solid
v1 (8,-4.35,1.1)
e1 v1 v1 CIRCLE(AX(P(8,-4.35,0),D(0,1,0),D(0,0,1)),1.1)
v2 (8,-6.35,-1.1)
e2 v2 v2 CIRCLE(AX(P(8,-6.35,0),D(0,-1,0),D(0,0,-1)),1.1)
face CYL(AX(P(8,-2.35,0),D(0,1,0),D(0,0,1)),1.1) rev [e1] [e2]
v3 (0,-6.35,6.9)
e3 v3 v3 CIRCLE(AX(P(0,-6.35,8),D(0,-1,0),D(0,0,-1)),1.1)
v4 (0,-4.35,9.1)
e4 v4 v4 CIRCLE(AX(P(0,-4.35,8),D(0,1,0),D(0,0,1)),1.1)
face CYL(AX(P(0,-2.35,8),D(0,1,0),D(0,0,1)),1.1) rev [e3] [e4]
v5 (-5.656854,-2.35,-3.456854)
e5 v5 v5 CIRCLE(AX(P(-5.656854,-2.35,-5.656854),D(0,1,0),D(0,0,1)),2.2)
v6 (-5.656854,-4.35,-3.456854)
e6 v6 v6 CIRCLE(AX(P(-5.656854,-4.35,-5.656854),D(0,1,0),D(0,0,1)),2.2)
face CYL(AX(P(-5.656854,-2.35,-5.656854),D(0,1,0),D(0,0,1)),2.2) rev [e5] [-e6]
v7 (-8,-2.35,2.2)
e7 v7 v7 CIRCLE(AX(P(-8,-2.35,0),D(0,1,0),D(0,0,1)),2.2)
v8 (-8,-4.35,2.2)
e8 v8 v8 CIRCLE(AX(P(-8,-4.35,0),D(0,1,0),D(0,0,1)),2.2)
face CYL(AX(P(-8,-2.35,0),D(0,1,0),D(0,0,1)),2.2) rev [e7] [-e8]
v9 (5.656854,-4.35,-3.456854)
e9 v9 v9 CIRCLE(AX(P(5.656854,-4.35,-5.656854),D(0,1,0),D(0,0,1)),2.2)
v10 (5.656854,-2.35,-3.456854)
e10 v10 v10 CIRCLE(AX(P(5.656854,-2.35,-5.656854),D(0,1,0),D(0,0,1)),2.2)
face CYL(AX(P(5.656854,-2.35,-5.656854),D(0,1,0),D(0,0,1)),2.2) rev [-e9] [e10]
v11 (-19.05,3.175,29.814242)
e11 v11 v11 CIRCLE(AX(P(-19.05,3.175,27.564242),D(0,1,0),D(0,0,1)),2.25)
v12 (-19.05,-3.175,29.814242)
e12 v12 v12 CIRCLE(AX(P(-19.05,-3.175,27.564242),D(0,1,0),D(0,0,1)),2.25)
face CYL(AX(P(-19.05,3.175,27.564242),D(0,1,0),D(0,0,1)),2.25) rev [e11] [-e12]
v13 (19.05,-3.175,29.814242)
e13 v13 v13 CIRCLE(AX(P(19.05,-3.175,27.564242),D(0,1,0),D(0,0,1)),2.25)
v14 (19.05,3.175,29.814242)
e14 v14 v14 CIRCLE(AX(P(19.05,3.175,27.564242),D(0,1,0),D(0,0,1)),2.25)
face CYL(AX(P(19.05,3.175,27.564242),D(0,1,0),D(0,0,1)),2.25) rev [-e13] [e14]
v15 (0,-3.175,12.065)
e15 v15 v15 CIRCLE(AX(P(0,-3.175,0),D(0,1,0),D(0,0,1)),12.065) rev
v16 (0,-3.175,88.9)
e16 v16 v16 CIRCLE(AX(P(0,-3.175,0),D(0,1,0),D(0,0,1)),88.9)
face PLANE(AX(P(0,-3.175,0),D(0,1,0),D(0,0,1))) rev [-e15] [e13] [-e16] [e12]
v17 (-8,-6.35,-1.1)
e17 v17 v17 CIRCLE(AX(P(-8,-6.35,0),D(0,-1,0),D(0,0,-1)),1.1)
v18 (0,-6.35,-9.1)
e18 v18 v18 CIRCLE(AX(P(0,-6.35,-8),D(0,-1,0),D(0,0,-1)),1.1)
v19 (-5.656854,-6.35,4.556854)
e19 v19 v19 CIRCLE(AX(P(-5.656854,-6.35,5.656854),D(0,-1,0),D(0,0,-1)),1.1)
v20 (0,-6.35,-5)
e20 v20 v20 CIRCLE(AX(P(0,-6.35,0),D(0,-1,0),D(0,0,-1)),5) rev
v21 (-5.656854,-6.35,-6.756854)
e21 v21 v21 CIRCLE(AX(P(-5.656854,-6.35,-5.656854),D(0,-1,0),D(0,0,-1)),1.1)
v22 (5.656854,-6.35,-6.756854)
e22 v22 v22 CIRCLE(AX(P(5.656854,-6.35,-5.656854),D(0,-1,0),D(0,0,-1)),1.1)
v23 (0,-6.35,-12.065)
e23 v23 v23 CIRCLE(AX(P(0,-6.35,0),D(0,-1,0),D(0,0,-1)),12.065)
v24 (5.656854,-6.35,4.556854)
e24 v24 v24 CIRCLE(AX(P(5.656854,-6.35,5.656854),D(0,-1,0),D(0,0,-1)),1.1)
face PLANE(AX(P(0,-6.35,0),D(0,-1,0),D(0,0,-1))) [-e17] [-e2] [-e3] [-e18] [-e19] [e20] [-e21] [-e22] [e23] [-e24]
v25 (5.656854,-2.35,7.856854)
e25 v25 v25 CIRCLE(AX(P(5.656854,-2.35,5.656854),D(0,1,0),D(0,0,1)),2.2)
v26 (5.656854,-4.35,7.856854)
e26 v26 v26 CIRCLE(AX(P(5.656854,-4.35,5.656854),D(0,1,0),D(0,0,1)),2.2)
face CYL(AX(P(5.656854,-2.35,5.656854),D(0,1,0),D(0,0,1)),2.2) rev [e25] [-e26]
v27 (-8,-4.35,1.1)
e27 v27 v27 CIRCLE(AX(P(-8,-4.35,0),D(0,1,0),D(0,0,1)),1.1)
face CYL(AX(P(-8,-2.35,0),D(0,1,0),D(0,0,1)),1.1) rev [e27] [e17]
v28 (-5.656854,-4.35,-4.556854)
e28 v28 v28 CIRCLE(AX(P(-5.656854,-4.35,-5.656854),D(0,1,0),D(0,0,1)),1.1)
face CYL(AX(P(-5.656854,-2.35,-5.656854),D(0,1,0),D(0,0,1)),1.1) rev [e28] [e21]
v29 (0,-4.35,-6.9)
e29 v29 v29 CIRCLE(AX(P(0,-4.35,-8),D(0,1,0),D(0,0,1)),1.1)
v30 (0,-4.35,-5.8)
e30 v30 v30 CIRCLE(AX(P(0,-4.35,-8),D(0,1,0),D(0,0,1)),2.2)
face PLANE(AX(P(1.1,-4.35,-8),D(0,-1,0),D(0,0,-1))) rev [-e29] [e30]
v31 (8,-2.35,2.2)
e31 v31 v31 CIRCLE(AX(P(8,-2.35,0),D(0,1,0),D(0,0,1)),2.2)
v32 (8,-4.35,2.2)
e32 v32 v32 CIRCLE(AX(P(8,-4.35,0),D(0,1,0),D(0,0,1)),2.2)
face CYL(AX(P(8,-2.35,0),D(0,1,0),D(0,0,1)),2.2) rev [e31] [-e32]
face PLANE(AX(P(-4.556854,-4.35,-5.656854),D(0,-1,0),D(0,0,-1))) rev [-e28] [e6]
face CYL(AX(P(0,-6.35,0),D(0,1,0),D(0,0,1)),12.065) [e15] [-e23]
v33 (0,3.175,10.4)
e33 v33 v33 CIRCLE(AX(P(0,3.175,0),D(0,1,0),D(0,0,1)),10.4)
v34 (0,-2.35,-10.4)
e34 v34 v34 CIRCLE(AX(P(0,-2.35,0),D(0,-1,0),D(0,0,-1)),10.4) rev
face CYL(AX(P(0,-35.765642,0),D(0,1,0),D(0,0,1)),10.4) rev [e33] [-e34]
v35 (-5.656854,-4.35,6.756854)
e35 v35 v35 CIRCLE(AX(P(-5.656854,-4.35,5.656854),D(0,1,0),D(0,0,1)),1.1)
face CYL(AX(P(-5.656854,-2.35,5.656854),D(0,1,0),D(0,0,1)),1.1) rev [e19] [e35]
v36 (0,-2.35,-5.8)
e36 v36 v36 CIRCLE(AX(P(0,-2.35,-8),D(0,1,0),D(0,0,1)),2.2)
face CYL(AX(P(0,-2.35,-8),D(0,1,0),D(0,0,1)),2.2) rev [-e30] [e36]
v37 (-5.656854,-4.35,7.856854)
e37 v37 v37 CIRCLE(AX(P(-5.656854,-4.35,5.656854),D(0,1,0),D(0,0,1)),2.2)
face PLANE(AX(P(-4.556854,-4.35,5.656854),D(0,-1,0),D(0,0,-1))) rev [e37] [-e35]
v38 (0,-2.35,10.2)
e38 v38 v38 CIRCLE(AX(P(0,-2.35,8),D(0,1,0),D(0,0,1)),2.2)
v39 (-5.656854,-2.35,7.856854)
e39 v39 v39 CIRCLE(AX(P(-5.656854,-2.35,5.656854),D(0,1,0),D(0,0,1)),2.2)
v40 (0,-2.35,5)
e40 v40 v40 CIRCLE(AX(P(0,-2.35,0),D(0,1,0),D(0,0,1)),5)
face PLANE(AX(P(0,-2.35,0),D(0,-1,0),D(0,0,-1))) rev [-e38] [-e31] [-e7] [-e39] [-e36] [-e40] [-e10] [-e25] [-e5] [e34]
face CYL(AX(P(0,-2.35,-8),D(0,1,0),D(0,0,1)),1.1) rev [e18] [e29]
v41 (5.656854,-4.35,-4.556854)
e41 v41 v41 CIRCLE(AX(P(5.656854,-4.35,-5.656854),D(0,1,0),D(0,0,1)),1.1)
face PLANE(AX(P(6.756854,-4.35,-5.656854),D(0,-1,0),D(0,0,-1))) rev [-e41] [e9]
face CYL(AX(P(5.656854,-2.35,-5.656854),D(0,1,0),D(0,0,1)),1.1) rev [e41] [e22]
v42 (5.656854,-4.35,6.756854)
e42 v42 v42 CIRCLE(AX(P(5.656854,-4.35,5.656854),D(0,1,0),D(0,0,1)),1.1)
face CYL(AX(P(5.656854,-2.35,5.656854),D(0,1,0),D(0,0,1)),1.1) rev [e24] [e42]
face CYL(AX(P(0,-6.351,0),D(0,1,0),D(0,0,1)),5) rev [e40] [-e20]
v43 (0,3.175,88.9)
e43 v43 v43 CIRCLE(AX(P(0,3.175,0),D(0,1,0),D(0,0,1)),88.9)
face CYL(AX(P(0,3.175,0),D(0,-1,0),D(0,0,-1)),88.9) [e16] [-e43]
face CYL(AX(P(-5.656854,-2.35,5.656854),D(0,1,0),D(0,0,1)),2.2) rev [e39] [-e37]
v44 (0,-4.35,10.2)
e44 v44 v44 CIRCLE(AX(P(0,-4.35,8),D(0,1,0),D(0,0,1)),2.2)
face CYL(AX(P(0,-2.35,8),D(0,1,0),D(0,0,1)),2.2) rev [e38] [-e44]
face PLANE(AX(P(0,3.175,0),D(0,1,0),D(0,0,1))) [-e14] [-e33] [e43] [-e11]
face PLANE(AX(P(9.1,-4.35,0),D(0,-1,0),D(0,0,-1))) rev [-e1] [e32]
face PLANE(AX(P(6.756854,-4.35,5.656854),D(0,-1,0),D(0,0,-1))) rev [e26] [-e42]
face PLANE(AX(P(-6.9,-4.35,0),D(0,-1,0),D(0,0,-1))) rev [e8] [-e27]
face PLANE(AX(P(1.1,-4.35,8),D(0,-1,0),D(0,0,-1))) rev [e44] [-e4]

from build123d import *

# Parameters (mm, degrees)
SKETCH1_R                      = 88.9
BOSS_EXTRUDE1_DEPTH            = 3.175
SKETCH2_R                      = 12.065
BOSS_EXTRUDE2_DEPTH            = 3.175
SKETCH5_R                      = 10.4
CUT_EXTRUDE1_DEPTH             = 5.525
SKETCH6_R                      = 5
CUT_EXTRUDE2_DEPTH             = 4
CBORE_FOR_M2_SHCS1_D           = 2.2
CBORE_FOR_M2_SHCS1_DEPTH       = 6
CBORE_FOR_M2_SHCS1_CBORE_D     = 4.4
CBORE_FOR_M2_SHCS1_CBORE_DEPTH = 2
CBORE_FOR_M2_SHCS1_TIP         = 0.660946681
M4_CLEARANCE_HOLE1_D           = 4.5


with BuildPart() as part:
    # Sketch1 → Boss-Extrude1 (new, symmetric)
    with BuildSketch(Plane(origin=(0, 0, 0), x_dir=(1, 0, 0), z_dir=(0, 1, 0))):
        with Locations(Location((0, 0, 0), (0, 0, 270))):
            Circle(SKETCH1_R)
    extrude(amount=BOSS_EXTRUDE1_DEPTH, both=True)

    # Sketch2 → Boss-Extrude2 (add)
    with BuildSketch(Plane.XZ.offset(3.175)):
        with Locations(Location((0, 0, 0), (0, 0, 90))):
            Circle(SKETCH2_R)
    extrude(amount=BOSS_EXTRUDE2_DEPTH)

    # Sketch5 → Cut-Extrude1 (cut)
    with BuildSketch(Plane(origin=(0, 3.175, 0), x_dir=(1, 0, 0), z_dir=(0, 1, 0))):
        with Locations(Location((0, 0, 0), (0, 0, 270))):
            Circle(SKETCH5_R)
    extrude(amount=-CUT_EXTRUDE1_DEPTH, mode=Mode.SUBTRACT)

    # Sketch6 → Cut-Extrude2 (cut)
    with BuildSketch(Plane(origin=(0, -2.35, 0), x_dir=(1, 0, 0), z_dir=(0, 1, 0))):
        with Locations(Location((0, 0, 0), (0, 0, 270))):
            Circle(SKETCH6_R)
    extrude(amount=-CUT_EXTRUDE2_DEPTH, mode=Mode.SUBTRACT)

    # CBORE for M2 SHCS1
    with Locations(Plane(origin=(0, -2.35, 0), x_dir=(1, 0, 0), z_dir=(0, 1, 0))):
        with Locations((-5.65685425, 5.65685425), (0, 8), (5.65685425, 5.65685425), (8, 0), (5.65685425, -5.65685425), (0, -8), (-5.65685425, -5.65685425), (-8, 0)):
            CounterBoreHole(CBORE_FOR_M2_SHCS1_D / 2, CBORE_FOR_M2_SHCS1_CBORE_D / 2, CBORE_FOR_M2_SHCS1_CBORE_DEPTH, depth=CBORE_FOR_M2_SHCS1_DEPTH)
            with Locations((0, 0, -(CBORE_FOR_M2_SHCS1_DEPTH + CBORE_FOR_M2_SHCS1_TIP / 2))):  # 118° drill point
                Cone(0, CBORE_FOR_M2_SHCS1_D / 2, CBORE_FOR_M2_SHCS1_TIP, mode=Mode.SUBTRACT)

    # M4 Clearance Hole1 (through all)
    with Locations(Plane(origin=(0, 3.175, 0), x_dir=(1, 0, 0), z_dir=(0, 1, 0))):
        with Locations((19.05, -27.564242343), (-19.05, -27.564242343)):
            Hole(M4_CLEARANCE_HOLE1_D / 2)


solid = part.part
